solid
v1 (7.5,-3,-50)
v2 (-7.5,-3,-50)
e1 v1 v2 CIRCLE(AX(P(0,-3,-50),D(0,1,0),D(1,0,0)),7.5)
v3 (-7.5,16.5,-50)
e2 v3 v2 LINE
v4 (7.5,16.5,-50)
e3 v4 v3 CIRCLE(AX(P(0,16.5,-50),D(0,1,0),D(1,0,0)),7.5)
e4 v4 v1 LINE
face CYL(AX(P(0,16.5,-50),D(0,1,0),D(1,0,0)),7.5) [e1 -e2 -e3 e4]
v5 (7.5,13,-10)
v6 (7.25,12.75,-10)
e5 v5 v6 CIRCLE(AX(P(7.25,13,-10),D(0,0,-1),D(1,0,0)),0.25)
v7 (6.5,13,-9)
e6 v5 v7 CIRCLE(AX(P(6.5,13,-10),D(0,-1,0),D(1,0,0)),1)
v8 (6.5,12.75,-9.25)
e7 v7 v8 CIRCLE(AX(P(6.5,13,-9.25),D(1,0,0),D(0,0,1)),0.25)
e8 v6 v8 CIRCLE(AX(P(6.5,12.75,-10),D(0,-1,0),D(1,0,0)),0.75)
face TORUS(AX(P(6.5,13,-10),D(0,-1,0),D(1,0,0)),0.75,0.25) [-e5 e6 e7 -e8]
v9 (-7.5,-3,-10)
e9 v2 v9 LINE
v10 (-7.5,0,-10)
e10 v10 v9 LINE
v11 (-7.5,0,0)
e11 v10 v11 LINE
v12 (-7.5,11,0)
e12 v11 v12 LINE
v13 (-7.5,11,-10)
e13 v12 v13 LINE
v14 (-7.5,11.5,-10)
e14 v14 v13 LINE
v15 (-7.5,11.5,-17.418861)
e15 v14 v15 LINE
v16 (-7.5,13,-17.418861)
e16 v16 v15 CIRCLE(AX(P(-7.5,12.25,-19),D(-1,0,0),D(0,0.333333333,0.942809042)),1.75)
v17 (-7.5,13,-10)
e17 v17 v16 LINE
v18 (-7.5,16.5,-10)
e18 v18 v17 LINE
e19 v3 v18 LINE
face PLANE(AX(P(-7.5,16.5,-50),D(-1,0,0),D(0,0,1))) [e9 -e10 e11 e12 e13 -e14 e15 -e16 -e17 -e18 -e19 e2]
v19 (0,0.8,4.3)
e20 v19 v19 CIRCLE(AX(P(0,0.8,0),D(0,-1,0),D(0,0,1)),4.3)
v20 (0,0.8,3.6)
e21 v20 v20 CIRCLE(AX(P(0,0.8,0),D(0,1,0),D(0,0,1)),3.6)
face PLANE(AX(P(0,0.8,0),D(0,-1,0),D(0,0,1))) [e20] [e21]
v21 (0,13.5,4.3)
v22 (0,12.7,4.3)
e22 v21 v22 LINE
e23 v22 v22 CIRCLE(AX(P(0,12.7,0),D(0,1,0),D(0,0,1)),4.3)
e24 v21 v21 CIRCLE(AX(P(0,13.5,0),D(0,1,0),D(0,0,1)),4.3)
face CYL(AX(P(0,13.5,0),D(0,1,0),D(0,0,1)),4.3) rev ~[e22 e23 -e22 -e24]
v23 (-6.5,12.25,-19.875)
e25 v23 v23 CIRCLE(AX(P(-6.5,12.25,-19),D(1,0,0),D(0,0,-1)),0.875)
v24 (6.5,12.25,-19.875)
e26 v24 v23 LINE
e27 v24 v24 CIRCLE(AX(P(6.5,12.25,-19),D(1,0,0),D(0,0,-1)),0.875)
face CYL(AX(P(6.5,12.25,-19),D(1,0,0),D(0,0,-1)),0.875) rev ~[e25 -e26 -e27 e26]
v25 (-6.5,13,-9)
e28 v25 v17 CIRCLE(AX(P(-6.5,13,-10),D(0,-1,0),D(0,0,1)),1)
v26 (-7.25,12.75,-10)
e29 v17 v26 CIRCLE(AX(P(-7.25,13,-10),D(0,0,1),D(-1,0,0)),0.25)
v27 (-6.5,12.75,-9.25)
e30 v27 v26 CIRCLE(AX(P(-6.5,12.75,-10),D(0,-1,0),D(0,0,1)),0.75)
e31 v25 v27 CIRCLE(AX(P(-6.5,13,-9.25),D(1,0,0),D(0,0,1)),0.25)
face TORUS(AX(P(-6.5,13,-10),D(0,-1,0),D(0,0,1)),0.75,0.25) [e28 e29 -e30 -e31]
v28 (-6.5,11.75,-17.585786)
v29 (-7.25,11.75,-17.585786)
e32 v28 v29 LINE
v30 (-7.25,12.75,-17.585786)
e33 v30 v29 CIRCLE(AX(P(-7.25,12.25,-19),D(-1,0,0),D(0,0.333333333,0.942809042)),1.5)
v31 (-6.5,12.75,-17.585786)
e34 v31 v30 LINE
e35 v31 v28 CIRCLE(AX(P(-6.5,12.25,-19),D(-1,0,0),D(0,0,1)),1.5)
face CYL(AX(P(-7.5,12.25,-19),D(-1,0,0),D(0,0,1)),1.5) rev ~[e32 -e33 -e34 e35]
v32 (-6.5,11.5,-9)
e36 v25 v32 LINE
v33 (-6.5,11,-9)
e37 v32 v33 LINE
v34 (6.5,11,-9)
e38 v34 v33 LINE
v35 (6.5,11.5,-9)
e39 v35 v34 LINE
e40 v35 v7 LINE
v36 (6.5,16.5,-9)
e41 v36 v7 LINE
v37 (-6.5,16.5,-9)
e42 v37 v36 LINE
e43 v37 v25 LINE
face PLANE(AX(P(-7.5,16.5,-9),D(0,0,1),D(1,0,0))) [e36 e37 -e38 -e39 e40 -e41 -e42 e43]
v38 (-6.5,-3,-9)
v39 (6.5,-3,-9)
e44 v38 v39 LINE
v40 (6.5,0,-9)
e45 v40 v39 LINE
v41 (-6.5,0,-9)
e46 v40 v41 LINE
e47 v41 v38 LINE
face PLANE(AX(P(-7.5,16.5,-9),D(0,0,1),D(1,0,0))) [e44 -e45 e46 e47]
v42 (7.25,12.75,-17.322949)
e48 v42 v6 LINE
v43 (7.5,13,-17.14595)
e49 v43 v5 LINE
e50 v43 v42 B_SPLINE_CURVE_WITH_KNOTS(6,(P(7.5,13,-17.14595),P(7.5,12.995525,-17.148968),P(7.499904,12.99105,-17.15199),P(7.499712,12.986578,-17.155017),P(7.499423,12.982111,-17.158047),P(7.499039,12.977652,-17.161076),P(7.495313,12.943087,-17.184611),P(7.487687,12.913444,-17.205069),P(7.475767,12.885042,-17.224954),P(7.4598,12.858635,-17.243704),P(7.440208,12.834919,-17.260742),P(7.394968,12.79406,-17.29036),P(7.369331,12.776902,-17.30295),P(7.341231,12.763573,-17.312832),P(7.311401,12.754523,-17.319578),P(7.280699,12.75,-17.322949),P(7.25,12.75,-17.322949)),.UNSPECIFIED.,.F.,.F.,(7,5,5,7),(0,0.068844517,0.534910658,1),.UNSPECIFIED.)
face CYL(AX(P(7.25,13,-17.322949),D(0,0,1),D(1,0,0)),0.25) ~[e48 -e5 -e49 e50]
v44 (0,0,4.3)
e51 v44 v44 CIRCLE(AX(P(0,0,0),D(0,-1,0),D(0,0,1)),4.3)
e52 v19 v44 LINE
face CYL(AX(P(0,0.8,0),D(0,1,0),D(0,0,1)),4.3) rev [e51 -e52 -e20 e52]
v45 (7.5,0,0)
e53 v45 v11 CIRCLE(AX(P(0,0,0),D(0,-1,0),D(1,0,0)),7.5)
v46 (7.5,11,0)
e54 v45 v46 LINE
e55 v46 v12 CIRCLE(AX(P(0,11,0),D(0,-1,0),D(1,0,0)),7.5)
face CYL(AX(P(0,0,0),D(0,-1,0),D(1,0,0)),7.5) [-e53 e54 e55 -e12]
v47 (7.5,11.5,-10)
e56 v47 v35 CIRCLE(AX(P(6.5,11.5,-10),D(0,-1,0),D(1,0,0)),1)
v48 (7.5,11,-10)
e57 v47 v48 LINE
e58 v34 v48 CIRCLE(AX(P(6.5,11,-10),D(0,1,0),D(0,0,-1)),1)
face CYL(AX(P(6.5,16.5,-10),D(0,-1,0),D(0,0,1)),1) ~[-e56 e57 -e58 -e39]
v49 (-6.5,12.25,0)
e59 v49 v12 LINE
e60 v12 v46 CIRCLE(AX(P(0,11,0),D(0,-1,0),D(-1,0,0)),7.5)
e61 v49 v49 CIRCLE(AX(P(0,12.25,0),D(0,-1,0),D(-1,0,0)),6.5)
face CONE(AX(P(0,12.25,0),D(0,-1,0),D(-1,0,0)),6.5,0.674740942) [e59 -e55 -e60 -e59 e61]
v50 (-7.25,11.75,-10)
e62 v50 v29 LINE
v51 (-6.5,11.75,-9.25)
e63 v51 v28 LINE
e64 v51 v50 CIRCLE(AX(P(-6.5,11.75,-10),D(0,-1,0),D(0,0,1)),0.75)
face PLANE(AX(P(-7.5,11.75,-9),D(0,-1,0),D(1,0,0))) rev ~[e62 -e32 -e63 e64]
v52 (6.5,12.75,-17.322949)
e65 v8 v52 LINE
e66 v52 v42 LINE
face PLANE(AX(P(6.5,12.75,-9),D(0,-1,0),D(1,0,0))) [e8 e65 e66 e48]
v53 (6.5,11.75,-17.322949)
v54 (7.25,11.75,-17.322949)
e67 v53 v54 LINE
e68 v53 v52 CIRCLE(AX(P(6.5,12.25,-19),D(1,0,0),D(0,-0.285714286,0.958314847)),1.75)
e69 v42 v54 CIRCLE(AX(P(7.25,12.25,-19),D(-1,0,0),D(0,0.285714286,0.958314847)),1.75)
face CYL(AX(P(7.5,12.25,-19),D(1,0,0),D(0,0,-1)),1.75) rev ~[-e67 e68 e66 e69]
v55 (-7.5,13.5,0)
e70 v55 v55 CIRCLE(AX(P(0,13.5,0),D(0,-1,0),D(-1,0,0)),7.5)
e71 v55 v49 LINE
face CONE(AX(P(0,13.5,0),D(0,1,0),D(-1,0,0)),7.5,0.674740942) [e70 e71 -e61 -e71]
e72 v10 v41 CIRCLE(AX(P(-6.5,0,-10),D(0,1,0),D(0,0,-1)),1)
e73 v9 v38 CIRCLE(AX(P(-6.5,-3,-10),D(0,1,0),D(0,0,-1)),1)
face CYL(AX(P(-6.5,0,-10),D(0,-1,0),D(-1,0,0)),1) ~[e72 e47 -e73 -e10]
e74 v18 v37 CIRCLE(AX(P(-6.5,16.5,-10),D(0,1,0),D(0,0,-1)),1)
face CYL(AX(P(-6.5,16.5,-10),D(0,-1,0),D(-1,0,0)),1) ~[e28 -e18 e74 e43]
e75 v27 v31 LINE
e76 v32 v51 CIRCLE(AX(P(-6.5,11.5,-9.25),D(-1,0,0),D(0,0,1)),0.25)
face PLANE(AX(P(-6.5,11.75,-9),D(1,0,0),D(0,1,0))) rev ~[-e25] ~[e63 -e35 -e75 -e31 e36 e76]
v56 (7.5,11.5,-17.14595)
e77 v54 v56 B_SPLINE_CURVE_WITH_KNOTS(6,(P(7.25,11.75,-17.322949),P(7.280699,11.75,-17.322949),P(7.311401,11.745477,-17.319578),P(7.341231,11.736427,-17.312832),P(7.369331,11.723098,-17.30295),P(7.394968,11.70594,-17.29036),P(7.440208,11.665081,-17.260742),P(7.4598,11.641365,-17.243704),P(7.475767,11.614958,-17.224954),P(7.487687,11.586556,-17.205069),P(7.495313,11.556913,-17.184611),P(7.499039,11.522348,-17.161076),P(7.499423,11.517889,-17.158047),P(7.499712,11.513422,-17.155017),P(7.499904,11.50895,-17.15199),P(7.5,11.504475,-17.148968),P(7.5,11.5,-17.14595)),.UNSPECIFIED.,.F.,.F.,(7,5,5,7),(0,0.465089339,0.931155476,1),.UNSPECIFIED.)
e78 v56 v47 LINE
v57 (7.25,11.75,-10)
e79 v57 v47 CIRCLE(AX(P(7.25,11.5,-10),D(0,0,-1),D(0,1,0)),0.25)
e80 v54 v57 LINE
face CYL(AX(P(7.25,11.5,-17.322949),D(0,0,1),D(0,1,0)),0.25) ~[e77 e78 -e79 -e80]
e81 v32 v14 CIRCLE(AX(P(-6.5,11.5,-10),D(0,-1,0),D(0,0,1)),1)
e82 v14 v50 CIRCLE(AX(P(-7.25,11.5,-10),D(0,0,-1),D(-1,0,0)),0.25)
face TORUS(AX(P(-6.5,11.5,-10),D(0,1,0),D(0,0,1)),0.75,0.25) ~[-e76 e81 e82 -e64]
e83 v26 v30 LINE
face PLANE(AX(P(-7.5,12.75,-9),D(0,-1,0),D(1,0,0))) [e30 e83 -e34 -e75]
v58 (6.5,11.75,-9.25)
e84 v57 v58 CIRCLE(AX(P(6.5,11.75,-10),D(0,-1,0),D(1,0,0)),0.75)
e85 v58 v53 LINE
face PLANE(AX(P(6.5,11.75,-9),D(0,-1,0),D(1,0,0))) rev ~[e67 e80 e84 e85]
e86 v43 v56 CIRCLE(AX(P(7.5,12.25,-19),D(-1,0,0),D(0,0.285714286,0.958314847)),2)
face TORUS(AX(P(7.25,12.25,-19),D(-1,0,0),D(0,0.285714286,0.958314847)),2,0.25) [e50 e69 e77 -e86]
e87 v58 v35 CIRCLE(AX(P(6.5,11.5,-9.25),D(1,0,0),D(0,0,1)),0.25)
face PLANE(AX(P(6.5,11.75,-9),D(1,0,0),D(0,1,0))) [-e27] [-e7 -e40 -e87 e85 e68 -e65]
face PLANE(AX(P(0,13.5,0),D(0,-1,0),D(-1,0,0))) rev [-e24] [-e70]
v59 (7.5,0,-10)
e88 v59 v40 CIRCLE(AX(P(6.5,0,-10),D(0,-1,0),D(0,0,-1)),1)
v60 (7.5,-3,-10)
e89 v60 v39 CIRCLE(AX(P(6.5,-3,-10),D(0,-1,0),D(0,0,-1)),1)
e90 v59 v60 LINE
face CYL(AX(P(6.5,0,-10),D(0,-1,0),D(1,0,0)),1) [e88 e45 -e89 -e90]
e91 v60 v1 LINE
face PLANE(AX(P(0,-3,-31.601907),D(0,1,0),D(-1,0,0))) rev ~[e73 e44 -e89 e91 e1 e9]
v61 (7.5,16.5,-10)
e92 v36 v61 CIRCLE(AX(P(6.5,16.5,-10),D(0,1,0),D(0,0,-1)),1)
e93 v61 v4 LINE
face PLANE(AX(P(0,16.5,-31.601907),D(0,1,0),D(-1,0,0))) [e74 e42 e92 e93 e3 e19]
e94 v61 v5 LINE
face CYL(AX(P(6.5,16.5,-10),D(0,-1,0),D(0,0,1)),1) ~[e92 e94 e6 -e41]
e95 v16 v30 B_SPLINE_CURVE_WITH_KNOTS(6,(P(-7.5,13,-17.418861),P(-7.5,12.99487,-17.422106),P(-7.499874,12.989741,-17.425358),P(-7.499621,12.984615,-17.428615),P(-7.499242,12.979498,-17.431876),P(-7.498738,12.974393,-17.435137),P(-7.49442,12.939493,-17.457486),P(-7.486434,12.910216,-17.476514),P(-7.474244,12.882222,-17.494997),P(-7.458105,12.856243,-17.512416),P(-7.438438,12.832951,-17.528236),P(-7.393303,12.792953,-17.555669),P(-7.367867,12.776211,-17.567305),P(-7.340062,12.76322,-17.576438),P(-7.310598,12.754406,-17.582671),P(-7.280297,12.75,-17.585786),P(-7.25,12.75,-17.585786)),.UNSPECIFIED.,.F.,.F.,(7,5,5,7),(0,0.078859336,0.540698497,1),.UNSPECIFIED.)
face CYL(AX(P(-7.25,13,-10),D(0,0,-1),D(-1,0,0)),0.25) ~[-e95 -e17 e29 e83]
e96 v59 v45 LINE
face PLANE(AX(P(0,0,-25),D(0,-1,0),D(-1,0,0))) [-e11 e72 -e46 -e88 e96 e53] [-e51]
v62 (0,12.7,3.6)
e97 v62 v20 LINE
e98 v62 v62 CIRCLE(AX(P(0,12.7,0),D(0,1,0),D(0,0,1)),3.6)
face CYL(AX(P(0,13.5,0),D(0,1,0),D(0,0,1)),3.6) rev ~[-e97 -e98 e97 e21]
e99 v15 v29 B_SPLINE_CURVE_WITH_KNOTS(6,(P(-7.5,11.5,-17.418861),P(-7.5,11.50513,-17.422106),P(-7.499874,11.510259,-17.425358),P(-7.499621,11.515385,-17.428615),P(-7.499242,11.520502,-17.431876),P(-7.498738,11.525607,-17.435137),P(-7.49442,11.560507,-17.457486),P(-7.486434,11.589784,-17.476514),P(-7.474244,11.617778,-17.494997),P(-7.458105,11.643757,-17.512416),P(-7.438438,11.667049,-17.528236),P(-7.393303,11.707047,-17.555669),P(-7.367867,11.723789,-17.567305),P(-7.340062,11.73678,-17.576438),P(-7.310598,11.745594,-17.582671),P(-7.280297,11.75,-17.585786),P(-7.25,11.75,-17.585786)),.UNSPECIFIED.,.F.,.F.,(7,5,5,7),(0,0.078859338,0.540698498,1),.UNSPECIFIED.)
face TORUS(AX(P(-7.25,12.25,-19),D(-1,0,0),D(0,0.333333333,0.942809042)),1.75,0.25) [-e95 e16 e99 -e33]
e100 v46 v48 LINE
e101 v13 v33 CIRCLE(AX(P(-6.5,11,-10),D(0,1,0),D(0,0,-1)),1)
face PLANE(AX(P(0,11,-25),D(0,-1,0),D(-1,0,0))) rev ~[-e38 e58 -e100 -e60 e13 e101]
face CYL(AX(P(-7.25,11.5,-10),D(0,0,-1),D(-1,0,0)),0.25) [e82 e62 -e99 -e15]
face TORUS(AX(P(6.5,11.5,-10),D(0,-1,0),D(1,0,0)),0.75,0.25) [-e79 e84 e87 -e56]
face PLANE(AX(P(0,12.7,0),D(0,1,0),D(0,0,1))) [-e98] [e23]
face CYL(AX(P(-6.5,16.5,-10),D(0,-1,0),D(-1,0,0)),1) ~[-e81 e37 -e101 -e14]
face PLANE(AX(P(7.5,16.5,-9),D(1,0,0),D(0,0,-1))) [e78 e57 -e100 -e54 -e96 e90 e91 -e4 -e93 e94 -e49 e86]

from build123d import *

# Parameters (mm, degrees)
EXTRUDE_1_DEPTH      = 11
EXTRUDE_2_DEPTH      = 3
EXTRUDE_2_DEPTH_BACK = 16.5
FILLET_1_R           = 1
SKETCH_6_W           = 1
SKETCH_6_H           = 1
CUT_EXTRUDE_3_DEPTH  = 10
CUT_EXTRUDE_4_REACH  = 63.673
SKETCH_8_R           = 0.5
SKETCH_9_R           = 1.5
CUT_EXTRUDE_5_DEPTH  = 1
SKETCH_10_R          = 1.75
CUT_EXTRUDE_6_DEPTH  = 1
FILLET_2_R           = 0.25
SKETCH_11_R          = 2
CUT_EXTRUDE_7_DEPTH  = 13.5
SKETCH_13_R          = 3.6
CUT_EXTRUDE_8_DEPTH  = 13.5
SKETCH_14_R          = 4.3
CUT_EXTRUDE_9_DEPTH  = 0.8
CUT_EXTRUDE_START    = -0.8
SKETCH_15_R          = 4.3
CUT_EXTRUDE_10_DEPTH = 0.8
SKETCH_16_R          = 0.875
CUT_EXTRUDE_11_DEPTH = 13


with BuildPart() as part:
    # 스케치1 → 보스-돌출1 (new body)
    with BuildSketch(Plane(origin=(0, 0, 0), x_dir=(1, 0, 0), z_dir=(0, 1, 0))):
        with BuildLine():
            Line((-7.5, 0), (-7.5, 50))
            ThreePointArc((-7.5, 50), (0, 57.5), (7.5, 50))
            Line((7.5, 50), (7.5, 0))
            ThreePointArc((7.5, 0), (0, -7.5), (-7.5, 0))
        make_face()
    extrude(amount=EXTRUDE_1_DEPTH)

    # 스케치2 → 회전1 (revolve)
    with BuildSketch(Plane.XY):
        Polygon((-7.5, 11), (0, 11), (0, 13.5), (-7.5, 13.5), (-6.5, 12.25), align=None)
    revolve(axis=Axis((0, 13.5, 0), (0, -1, 0)))

    # 스케치3 → 보스-돌출2 (add, two sides: drawn at the far end of the back side and taken through both)
    with BuildSketch(Plane.XZ.offset(-EXTRUDE_2_DEPTH_BACK)):
        with BuildLine():
            Line((-7.5, -50), (-7.5, -9))
            Line((-7.5, -9), (7.5, -9))
            Line((7.5, -9), (7.5, -50))
            ThreePointArc((7.5, -50), (0, -57.5), (-7.5, -50))
        make_face()
    extrude(amount=EXTRUDE_2_DEPTH + EXTRUDE_2_DEPTH_BACK)

    # 필렛1
    fillet_1_edges = [part.edges().sort_by_distance(p)[0] for p in [
        (7.5, -1.5, -9),
        (-7.5, -1.5, -9),
        (7.5, 13.75, -9),
        (-7.5, 13.75, -9),
    ]]
    fillet(fillet_1_edges, radius=FILLET_1_R)

    # 스케치6 → 컷-돌출3 (cut)
    with BuildSketch(Plane.XY.offset(-9)):
        with Locations((-7, 12.25)):
            Rectangle(SKETCH_6_W, SKETCH_6_H)
        with Locations((7, 12.25)):
            Rectangle(SKETCH_6_W, SKETCH_6_H)
    extrude(amount=-CUT_EXTRUDE_3_DEPTH, mode=Mode.SUBTRACT)

    # 컷-돌출4: up to this face of the body (flat: up to its plane)
    cut_extrude_4_end = Plane(part.part.faces().sort_by_distance((7.5, 6.537741203, -27.036889898))[0])
    # 스케치8 → 컷-돌출4 (cut, up to the picked face)
    with BuildSketch(Plane.ZY.offset(7.5), mode=Mode.PRIVATE) as cut_extrude_4_sk1:
        with Locations(Location((-19, 12.25, 0), (0, 0, 270))):
            Circle(SKETCH_8_R)
    cut_extrude_4_tool1 = split(extrude(cut_extrude_4_sk1.sketch, amount=-CUT_EXTRUDE_4_REACH, mode=Mode.PRIVATE), bisect_by=cut_extrude_4_end, keep=Keep.BOTH, mode=Mode.PRIVATE)
    add(cut_extrude_4_tool1.solids().sort_by(Axis((-7.5, 12.25, -19), (1, 0, 0)))[0], mode=Mode.SUBTRACT)

    # 스케치9 → 컷-돌출5 (cut)
    with BuildSketch(Plane.ZY.offset(7.5)):
        with Locations((-19, 12.25)):
            Circle(SKETCH_9_R)
    extrude(amount=-CUT_EXTRUDE_5_DEPTH, mode=Mode.SUBTRACT)

    # 스케치10 → 컷-돌출6 (cut)
    with BuildSketch(Plane(origin=(7.5, 0, 0), x_dir=(0, 0, -1), z_dir=(1, 0, 0))):
        with Locations((19, 12.25)):
            Circle(SKETCH_10_R)
    extrude(amount=-CUT_EXTRUDE_6_DEPTH, mode=Mode.SUBTRACT)

    # 필렛2
    fillet_2_edges = [part.edges().sort_by_distance(p)[0] for p in [
        (7.207106781, 12.75, -9.292893219),
        (7.207106781, 11.75, -9.292893219),
        (-7.5, 11.75, -13.792893219),
        (-7.5, 12.75, -13.792893219),
        (-7.5, 12.25, -20.5),
        (7.5, 12.75, -13.661474508),
        (7.5, 11.75, -13.661474508),
        (7.5, 12.25, -20.75),
        (-7.207106781, 11.75, -9.292893219),
        (-7.207106781, 12.75, -9.292893219),
    ]]
    fillet(fillet_2_edges, radius=FILLET_2_R)

    # 스케치11 → 컷-돌출7 (cut)
    with BuildSketch(Plane(origin=(0, 13.5, 0), x_dir=(1, 0, 0), z_dir=(0, 1, 0))):
        with Locations(Location((0, 0, 0), (0, 0, 270))):
            Circle(SKETCH_11_R)
    extrude(amount=-CUT_EXTRUDE_7_DEPTH, mode=Mode.SUBTRACT)

    # 스케치13 → 컷-돌출8 (cut)
    with BuildSketch(Plane(origin=(0, 13.5, 0), x_dir=(1, 0, 0), z_dir=(0, 1, 0))):
        with Locations(Location((0, 0, 0), (0, 0, 270))):
            Circle(SKETCH_13_R)
    extrude(amount=-CUT_EXTRUDE_8_DEPTH, mode=Mode.SUBTRACT)

    # 스케치14 → 컷-돌출9 (cut)
    with BuildSketch(Plane(origin=(0, 13.5, 0), x_dir=(1, 0, 0), z_dir=(0, 1, 0))):
        with Locations(Location((0, 0, 0), (0, 0, 270))):
            Circle(SKETCH_14_R)
    extrude(amount=-CUT_EXTRUDE_9_DEPTH, mode=Mode.SUBTRACT)

    # 스케치15 → 컷-돌출10 (cut)
    with BuildSketch(Plane(origin=(0, 0, 0), x_dir=(-1, 0, 0), z_dir=(0, -1, 0)).offset(CUT_EXTRUDE_START)):
        with Locations(Location((0, 0, 0), (0, 0, 270))):
            Circle(SKETCH_15_R)
    extrude(amount=CUT_EXTRUDE_10_DEPTH, mode=Mode.SUBTRACT)

    # 스케치16 → 컷-돌출11 (cut)
    with BuildSketch(Plane(origin=(6.5, 0, 0), x_dir=(0, 0, -1), z_dir=(1, 0, 0))):
        with Locations((19, 12.25)):
            Circle(SKETCH_16_R)
    extrude(amount=-CUT_EXTRUDE_11_DEPTH, mode=Mode.SUBTRACT)


solid = part.part
